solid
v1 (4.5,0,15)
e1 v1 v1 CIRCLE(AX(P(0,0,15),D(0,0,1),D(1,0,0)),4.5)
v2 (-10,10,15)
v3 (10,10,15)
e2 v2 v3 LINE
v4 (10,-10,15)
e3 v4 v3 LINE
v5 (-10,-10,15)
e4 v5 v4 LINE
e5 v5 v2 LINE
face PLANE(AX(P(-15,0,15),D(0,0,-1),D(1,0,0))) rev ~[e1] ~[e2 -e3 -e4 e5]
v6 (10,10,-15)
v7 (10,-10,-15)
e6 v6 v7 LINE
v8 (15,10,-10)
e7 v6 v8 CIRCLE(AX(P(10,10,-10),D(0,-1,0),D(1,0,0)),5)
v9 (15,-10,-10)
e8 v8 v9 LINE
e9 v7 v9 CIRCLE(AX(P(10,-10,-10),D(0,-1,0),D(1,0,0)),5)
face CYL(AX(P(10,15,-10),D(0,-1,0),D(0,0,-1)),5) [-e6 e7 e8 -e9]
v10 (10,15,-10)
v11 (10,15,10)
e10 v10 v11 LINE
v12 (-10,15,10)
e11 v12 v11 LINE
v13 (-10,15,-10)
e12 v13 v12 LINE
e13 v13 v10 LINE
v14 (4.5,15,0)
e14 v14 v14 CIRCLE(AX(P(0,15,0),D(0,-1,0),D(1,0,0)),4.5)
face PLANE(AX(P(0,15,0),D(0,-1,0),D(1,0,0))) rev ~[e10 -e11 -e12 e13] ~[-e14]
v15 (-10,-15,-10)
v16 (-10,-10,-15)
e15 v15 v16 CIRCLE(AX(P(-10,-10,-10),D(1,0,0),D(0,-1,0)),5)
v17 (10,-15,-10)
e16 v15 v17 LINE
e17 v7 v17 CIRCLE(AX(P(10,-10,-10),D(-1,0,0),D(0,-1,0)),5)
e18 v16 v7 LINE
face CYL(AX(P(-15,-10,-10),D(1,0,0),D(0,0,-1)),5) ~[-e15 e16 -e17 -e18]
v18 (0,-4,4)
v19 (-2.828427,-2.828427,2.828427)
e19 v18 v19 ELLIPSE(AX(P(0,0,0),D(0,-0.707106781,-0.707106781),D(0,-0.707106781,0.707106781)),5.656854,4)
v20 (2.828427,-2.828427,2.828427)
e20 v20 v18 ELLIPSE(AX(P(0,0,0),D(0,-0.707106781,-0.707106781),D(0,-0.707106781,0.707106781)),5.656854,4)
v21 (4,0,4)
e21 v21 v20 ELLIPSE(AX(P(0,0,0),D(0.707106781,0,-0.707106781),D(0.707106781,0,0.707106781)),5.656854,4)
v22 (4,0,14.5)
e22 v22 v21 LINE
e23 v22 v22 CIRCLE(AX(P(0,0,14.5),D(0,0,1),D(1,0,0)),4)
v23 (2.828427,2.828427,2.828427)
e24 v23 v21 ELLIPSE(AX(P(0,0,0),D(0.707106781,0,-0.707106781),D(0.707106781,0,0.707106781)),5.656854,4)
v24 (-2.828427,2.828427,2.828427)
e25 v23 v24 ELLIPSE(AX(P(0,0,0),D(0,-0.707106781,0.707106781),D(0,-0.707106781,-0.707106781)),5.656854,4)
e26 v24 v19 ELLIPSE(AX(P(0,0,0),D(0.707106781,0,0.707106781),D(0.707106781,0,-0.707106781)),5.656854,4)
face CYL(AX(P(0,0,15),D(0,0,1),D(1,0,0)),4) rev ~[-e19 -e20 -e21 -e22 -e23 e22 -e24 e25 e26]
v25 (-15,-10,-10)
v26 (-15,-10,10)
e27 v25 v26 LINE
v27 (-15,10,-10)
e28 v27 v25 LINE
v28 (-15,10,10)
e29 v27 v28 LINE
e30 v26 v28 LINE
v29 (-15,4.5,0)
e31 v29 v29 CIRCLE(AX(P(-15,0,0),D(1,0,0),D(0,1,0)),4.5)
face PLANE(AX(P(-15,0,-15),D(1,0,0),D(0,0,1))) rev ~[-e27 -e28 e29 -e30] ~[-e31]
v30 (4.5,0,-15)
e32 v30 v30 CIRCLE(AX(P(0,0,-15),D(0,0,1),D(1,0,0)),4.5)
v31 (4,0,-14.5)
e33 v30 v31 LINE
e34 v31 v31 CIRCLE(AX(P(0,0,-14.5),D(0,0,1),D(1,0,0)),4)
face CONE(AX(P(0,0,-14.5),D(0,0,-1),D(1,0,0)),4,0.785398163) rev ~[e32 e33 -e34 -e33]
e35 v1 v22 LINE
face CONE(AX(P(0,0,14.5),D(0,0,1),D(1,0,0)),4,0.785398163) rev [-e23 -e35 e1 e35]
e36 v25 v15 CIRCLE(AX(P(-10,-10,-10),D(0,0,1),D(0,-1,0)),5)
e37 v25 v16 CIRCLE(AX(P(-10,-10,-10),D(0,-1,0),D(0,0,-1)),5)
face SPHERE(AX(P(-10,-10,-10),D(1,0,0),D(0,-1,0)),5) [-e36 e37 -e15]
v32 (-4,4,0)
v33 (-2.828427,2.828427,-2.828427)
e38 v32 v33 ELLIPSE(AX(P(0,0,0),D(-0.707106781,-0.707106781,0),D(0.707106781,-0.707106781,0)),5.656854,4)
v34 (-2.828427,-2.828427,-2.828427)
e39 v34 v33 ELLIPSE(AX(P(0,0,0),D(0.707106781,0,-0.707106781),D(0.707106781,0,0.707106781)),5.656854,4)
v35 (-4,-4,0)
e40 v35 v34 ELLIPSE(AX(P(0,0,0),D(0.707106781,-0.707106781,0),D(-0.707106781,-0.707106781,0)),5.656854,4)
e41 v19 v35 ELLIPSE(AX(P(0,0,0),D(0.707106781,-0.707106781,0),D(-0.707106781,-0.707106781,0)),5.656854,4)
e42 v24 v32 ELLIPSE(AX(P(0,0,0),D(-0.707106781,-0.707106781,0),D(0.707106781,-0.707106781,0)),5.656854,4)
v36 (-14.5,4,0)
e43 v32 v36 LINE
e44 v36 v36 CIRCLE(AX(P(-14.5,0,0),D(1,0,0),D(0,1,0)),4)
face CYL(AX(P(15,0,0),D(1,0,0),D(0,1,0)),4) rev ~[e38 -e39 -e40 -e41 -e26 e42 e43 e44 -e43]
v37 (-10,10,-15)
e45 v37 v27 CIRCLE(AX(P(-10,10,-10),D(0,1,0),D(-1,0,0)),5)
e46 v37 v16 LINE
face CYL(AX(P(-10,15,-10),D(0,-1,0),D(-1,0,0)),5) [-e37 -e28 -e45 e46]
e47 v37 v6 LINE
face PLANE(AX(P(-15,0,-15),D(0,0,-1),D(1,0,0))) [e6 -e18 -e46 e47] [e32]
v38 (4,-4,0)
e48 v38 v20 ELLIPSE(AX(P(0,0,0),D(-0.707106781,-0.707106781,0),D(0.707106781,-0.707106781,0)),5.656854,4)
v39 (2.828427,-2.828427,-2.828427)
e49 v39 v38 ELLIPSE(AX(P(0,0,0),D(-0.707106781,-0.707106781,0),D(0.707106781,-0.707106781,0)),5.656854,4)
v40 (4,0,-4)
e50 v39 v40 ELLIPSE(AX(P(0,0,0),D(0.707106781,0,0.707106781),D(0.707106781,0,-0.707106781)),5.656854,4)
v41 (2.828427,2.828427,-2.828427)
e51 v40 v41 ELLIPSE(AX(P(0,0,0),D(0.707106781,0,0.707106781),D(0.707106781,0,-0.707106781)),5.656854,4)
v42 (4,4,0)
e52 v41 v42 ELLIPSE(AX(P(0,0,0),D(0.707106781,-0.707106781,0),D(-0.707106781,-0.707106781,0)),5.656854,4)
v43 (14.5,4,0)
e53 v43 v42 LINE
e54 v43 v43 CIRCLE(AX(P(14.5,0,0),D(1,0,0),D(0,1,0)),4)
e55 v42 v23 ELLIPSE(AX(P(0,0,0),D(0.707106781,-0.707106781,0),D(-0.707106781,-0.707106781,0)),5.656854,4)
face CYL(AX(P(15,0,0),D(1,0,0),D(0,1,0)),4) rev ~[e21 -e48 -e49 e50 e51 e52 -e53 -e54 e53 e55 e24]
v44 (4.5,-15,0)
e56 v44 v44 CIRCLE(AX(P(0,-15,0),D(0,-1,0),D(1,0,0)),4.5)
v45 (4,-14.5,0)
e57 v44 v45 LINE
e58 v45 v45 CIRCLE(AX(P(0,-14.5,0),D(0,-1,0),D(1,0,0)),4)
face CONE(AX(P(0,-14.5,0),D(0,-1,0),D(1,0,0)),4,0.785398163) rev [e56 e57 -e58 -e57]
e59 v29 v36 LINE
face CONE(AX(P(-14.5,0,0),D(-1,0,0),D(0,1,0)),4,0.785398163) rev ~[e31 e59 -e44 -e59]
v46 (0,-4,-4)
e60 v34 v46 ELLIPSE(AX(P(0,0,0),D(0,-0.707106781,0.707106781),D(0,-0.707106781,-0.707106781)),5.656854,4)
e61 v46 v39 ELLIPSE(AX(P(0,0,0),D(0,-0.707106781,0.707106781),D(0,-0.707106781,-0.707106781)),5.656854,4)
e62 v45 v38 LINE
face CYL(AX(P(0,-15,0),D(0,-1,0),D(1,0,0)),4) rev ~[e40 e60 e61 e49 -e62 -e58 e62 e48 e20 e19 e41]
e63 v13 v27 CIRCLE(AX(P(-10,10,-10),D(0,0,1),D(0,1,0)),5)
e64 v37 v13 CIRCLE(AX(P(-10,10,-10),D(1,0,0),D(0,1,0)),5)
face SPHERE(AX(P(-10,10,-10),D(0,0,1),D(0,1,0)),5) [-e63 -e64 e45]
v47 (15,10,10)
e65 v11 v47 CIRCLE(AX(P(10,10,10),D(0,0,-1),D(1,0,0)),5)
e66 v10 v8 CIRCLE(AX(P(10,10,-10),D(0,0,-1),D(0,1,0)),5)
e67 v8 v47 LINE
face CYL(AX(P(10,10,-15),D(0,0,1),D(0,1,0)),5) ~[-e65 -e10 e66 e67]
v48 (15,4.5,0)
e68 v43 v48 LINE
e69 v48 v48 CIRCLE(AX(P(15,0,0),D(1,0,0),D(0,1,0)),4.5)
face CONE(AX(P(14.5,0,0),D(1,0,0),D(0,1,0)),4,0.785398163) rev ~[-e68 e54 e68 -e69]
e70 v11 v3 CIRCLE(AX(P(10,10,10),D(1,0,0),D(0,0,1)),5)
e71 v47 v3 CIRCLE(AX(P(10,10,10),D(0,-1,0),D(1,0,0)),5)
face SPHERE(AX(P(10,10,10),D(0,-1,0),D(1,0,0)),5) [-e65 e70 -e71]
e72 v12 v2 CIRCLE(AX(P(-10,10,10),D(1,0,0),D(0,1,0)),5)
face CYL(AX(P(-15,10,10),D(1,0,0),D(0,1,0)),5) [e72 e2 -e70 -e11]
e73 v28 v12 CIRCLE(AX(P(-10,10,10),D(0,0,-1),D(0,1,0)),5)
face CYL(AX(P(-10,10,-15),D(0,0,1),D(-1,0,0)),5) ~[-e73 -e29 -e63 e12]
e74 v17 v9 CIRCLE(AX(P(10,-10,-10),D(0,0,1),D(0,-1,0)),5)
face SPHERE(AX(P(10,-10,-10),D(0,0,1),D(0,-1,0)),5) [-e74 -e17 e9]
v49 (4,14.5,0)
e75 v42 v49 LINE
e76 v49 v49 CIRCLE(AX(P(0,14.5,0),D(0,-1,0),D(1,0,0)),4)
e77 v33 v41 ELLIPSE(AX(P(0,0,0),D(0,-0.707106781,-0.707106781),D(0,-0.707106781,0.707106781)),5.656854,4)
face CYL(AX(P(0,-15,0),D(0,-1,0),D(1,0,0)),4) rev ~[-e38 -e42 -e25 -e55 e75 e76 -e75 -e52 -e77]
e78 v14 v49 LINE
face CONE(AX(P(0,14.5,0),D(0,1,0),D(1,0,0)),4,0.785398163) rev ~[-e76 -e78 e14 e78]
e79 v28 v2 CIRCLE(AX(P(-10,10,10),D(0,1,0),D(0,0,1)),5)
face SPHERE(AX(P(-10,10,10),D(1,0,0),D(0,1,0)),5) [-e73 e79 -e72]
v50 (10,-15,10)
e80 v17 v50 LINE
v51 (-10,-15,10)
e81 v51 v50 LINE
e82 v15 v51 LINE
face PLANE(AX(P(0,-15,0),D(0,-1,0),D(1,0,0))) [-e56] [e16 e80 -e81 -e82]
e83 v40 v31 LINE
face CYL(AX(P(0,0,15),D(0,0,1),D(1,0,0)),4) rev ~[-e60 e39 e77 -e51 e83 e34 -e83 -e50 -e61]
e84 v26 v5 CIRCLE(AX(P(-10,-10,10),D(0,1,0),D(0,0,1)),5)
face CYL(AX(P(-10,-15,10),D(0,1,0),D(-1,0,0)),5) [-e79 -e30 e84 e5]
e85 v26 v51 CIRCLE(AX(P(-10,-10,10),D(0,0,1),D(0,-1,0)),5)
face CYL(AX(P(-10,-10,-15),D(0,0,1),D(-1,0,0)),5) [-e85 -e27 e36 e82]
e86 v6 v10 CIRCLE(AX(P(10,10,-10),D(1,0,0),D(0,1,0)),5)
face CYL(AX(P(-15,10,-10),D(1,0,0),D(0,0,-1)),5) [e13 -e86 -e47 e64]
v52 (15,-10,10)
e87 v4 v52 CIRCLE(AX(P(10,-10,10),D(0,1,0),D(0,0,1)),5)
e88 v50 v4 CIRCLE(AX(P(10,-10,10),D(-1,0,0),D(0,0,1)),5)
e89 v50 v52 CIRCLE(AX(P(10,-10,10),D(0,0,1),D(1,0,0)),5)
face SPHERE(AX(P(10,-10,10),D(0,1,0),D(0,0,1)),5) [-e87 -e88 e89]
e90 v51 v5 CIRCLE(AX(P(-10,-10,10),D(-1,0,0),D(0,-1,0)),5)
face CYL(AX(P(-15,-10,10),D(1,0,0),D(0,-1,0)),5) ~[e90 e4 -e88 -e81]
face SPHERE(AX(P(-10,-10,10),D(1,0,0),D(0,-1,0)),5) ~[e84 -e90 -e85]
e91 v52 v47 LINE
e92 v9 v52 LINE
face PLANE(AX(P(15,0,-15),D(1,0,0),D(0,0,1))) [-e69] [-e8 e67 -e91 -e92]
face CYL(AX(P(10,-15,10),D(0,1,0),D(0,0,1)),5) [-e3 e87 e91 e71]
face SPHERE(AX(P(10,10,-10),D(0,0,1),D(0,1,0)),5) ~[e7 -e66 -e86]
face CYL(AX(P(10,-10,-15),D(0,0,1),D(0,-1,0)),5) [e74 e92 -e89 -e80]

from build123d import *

# Parameters (mm, degrees)
F0_W     = 30
F0_H     = 30
F1_DEPTH = 15
F2_R     = 4
F3_DEPTH = 30.001
F4_R     = 4
F5_DEPTH = 30.001
F6_R     = 4
F7_DEPTH = 30.001
F8_R     = 5
F9_SIZE  = 0.5


with BuildPart() as f1:
    # F0 (on Front) → F1 (new body, symmetric)
    with BuildSketch(Plane.XZ):
        Rectangle(F0_W, F0_H)
    extrude(amount=F1_DEPTH, both=True)

    # F2 (on face) → F3 (cut, through all)
    with BuildSketch(Plane.XZ.offset(15)):
        Circle(F2_R)
    extrude(amount=-F3_DEPTH, mode=Mode.SUBTRACT)

    # F4 (on face) → F5 (cut, through all)
    with BuildSketch(Plane.YZ.offset(15)):
        Circle(F4_R)
    extrude(amount=-F5_DEPTH, mode=Mode.SUBTRACT)

    # F6 (on face) → F7 (cut, through all)
    with BuildSketch(Plane.XY.offset(15)):
        Circle(F6_R)
    extrude(amount=-F7_DEPTH, mode=Mode.SUBTRACT)

    # F8
    f8_edges = [f1.edges().sort_by_distance(p)[0] for p in [
        (15, 0, 15),
        (0, -15, 15),
        (15, -15, 0),
        (0, -15, -15),
        (-15, -15, 0),
        (15, 15, 0),
        (0, 15, 15),
        (-15, 15, 0),
        (0, 15, -15),
        (-15, 0, 15),
        (-15, 0, -15),
        (15, 0, -15),
    ]]
    fillet(f8_edges, radius=F8_R)

    # F9
    f9_edges = [f1.edges().sort_by_distance(p)[0] for p in [
        (-4, 0, 15),
        (-4, -15, 0),
        (15, -4, 0),
        (-4, 15, 0),
        (-15, -4, 0),
        (-4, 0, -15),
    ]]
    chamfer(f9_edges, length=F9_SIZE)


solid = f1.part
